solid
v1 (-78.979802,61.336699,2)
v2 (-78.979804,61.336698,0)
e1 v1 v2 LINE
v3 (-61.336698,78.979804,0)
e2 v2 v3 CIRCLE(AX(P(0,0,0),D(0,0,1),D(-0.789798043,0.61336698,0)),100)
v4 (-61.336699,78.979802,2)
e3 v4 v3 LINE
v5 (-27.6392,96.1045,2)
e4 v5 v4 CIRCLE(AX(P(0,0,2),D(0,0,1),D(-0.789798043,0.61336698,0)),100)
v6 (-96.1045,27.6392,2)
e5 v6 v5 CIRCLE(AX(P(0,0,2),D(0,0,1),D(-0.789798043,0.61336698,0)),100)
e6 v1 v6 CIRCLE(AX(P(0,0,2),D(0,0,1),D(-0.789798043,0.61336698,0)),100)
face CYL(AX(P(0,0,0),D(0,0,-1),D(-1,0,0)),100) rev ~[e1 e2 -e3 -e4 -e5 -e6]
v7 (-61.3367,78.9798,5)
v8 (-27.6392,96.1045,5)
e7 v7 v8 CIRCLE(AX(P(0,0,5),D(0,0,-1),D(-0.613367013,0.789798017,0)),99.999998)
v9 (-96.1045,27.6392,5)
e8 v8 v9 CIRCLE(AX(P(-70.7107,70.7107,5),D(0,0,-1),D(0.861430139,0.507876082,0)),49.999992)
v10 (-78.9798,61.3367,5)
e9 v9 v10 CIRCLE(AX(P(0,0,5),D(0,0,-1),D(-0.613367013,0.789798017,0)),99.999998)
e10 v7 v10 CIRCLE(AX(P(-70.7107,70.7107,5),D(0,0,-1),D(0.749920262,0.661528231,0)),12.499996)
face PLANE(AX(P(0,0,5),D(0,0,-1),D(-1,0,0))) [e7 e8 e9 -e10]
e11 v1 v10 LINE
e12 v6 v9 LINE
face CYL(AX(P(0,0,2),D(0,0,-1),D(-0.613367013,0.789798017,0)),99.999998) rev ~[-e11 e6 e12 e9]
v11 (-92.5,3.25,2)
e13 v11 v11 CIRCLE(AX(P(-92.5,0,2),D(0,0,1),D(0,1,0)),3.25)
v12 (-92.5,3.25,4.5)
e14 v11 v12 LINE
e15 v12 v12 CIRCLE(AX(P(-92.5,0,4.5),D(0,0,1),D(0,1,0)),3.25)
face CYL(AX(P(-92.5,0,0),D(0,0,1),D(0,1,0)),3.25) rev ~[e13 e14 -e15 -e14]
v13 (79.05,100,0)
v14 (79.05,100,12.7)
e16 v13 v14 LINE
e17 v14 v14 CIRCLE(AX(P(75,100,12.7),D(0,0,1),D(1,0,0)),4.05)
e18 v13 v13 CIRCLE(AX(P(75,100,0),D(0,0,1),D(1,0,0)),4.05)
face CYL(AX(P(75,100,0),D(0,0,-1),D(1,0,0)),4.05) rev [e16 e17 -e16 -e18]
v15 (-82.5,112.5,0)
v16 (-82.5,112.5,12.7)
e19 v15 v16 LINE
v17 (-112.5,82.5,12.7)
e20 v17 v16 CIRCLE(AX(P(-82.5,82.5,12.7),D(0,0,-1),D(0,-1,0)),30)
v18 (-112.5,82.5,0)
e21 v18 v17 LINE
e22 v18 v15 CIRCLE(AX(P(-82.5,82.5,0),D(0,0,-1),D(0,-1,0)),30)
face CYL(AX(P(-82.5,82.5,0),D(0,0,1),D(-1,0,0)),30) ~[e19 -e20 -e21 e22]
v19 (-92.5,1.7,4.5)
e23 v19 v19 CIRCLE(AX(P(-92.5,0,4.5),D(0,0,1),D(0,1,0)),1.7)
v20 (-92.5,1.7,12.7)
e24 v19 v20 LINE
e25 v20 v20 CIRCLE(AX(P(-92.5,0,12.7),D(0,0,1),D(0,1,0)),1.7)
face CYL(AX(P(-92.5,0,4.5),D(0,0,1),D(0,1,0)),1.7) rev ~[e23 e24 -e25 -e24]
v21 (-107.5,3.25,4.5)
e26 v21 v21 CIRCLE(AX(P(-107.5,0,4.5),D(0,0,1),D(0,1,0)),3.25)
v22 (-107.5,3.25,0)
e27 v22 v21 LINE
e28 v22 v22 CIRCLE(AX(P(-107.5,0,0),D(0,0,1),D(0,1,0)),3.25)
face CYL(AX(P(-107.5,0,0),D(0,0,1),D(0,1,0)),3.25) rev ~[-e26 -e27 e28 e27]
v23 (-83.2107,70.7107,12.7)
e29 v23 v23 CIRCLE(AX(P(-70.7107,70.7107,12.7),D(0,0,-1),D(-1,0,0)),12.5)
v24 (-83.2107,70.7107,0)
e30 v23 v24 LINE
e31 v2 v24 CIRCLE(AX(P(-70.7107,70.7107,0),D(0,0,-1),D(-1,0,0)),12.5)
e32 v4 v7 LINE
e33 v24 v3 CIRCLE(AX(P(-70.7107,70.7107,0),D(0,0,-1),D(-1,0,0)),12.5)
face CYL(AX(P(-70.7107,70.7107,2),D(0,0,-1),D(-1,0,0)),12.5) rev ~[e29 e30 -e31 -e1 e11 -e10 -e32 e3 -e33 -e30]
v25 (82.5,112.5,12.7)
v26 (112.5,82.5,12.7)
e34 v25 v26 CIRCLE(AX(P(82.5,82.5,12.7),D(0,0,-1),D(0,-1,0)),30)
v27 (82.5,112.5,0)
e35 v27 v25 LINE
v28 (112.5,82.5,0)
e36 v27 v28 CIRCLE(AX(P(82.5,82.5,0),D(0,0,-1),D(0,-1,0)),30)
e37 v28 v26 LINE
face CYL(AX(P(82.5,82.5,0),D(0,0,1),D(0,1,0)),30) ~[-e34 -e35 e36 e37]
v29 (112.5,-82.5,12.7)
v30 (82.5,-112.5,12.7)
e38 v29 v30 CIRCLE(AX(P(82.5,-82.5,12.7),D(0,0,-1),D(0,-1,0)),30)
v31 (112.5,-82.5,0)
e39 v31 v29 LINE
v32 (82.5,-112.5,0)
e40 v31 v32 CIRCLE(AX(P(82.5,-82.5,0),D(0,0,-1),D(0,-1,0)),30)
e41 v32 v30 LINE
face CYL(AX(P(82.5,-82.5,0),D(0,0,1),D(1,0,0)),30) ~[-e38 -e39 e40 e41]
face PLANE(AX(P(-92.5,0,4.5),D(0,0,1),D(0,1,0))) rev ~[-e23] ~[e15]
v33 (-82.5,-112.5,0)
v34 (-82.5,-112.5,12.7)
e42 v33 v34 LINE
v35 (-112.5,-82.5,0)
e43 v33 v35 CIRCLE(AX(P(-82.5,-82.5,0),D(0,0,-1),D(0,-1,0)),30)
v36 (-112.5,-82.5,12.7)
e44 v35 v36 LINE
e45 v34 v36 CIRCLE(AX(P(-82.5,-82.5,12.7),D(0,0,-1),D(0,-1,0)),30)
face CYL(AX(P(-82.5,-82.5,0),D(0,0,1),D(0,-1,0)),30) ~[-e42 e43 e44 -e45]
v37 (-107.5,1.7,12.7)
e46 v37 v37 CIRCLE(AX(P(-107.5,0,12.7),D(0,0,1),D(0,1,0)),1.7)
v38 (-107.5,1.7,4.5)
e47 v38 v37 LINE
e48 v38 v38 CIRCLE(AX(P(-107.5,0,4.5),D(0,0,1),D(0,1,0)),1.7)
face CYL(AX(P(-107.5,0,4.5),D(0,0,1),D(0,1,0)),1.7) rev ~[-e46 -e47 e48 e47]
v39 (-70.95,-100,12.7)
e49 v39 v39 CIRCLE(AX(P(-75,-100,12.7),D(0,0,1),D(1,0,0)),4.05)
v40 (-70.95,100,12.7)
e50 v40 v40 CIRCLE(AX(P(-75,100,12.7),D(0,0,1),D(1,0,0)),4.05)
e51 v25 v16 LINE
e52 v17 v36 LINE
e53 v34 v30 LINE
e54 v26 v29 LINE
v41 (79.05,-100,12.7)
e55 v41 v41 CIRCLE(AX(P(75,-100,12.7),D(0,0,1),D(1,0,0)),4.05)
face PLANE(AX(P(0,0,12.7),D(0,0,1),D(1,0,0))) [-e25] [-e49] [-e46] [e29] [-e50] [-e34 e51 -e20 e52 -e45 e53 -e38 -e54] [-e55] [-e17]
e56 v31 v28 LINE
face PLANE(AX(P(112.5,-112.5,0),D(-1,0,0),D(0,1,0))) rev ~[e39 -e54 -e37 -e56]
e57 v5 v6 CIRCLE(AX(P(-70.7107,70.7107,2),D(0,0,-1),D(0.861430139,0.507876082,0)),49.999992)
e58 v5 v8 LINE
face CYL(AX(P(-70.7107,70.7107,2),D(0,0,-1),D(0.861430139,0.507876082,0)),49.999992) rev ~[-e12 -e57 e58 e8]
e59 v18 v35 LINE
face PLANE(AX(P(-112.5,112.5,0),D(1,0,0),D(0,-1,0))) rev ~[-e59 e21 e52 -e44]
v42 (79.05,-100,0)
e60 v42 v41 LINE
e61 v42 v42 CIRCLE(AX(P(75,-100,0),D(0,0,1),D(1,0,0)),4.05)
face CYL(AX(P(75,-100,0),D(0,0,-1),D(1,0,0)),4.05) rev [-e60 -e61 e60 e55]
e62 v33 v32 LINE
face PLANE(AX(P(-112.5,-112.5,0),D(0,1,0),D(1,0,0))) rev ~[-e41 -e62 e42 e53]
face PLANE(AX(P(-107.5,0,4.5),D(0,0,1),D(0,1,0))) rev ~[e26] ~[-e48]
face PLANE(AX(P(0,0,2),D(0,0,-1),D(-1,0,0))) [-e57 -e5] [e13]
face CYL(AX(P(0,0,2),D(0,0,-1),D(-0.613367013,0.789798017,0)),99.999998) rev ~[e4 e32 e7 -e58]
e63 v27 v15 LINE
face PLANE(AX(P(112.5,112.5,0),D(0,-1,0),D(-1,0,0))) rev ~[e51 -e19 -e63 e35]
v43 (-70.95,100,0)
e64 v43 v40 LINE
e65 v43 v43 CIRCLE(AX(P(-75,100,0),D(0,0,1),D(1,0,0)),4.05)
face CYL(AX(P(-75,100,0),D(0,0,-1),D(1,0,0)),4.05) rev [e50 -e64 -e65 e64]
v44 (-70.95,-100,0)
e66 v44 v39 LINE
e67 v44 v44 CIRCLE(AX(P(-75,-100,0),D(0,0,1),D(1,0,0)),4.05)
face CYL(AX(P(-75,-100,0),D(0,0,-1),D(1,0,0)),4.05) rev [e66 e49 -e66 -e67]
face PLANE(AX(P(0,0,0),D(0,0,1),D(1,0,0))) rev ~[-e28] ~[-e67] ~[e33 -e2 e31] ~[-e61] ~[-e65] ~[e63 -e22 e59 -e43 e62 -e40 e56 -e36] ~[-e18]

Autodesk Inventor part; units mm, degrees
ref_plane "YZ Plane" through (0, 0, 0) normal (1, 0, 0) x (0, 1, 0)
ref_plane "XZ Plane" through (0, 0, 0) normal (0, 1, 0) x (-1, 0, 0)
ref_plane "XY Plane" through (0, 0, 0) normal (0, 0, 1) x (1, 0, 0)
sketch "Sketch1" plane through (0, 0, 0) normal (0, 0, 1) x (1, 0, 0)
  circle A0 centre (0, 0) radius 100 construction
  line L0 (112.5, 0) -> (112.5, 112.5)
  line L1 (112.5, 112.5) -> (-112.5, 112.5)
  line L2 (-112.5, 112.5) -> (-112.5, -112.5)
  line L3 (-112.5, -112.5) -> (112.5, -112.5)
  line L4 (112.5, -112.5) -> (112.5, 0)
  circle A1 centre (-75, -100) radius 4.05
  circle A2 centre (75, -100) radius 4.05
  line L5 (75, -100) -> (-75, -100) construction
  line L6 (-75, -100) -> (-75, 100) construction
  line L7 (-75, 100) -> (75, 100) construction
  line L8 (75, 100) -> (75, -100) construction
  circle A3 centre (-75, 100) radius 4.05
  circle A4 centre (75, 100) radius 4.05
  point P0 (0, 112.5)
  point P1 (75, 0)
  dimension "d0" = 200
  dimension "d2" = 225
  dimension "d3" = 225
  dimension "d4" = 150
  dimension "d5" = 37.5
  dimension "d6" = 12.5
  dimension "d7" = 8.1
extrude "Extrusion1" add sketch "Sketch1" along normal blind 12.7
fillet "Fillet1" radius 30 4 edges at (-112.5, -112.5, 6.35) (-112.5, 112.5, 6.35) (112.5, -112.5, 6.35) (112.5, 112.5, 6.35)
sketch "Sketch2" plane through (0, 0, 0) normal (0, 0, -1) x (-1, 0, 0)
  circle A0 centre (0, 0) radius 100
  dimension "d14" = 200
extrude "Extrusion2" cut sketch "Sketch2" against normal blind 2
sketch "Sketch4" plane through (0, 0, 0) normal (0, 0, -1) x (-1, 0, 0)
  circle A0 centre (92.5, 0) radius 1.55 projected
  circle A1 centre (107.5, 0) radius 1.55 projected
hole "Hole1" at (-92.5, 0, 0) at (-107.5, 0, 0) direction (0, 0, 1) diameter 3.4 end through all counterbore diameter 6.5 counterbore depth 4.5 clearance for "Socket Head Cap Screw" size "M3" standard "Ansi Metric M Profile"
sketch "Sketch5" plane through (0, 0, 2) normal (0, 0, -1) x (-1, 0, 0)
  circle A0 centre (0, 0) radius 100 projected
  circle A1 centre (70.7107, 70.7107) radius 12.5
  line L0 (0, 0) -> (70.7107, 70.7107) construction
  line L1 (82.5, -112.5) -> (-82.5, -112.5) construction
  dimension "d32" = 25
  dimension "d35" = 45
extrude "Extrusion4" cut sketch "Sketch5" along normal through all both and the other way through all contours A1 A0 | A0 A1 picked at (68.0843, 67.4022) picked at (73.7867, 73.4347)
sketch "Sketch6" plane through (0, 0, 2) normal (0, 0, -1) x (-1, 0, 0)
  arc A0 (61.3367, 78.9798) -> (78.9798, 61.3367) centre (70.7107, 70.7107) ccw projected
  arc A1 (61.3367, 78.9798) -> (78.9798, 61.3367) centre (0, 0) ccw projected
  arc A2 (27.6392, 96.1045) -> (96.1045, 27.6392) centre (70.7107, 70.7107) ccw
  dimension "d39" = 50
extrude "Extrusion5" cut sketch "Sketch6" against normal blind 3 contours A0 A1 A2
properties part number "board"
